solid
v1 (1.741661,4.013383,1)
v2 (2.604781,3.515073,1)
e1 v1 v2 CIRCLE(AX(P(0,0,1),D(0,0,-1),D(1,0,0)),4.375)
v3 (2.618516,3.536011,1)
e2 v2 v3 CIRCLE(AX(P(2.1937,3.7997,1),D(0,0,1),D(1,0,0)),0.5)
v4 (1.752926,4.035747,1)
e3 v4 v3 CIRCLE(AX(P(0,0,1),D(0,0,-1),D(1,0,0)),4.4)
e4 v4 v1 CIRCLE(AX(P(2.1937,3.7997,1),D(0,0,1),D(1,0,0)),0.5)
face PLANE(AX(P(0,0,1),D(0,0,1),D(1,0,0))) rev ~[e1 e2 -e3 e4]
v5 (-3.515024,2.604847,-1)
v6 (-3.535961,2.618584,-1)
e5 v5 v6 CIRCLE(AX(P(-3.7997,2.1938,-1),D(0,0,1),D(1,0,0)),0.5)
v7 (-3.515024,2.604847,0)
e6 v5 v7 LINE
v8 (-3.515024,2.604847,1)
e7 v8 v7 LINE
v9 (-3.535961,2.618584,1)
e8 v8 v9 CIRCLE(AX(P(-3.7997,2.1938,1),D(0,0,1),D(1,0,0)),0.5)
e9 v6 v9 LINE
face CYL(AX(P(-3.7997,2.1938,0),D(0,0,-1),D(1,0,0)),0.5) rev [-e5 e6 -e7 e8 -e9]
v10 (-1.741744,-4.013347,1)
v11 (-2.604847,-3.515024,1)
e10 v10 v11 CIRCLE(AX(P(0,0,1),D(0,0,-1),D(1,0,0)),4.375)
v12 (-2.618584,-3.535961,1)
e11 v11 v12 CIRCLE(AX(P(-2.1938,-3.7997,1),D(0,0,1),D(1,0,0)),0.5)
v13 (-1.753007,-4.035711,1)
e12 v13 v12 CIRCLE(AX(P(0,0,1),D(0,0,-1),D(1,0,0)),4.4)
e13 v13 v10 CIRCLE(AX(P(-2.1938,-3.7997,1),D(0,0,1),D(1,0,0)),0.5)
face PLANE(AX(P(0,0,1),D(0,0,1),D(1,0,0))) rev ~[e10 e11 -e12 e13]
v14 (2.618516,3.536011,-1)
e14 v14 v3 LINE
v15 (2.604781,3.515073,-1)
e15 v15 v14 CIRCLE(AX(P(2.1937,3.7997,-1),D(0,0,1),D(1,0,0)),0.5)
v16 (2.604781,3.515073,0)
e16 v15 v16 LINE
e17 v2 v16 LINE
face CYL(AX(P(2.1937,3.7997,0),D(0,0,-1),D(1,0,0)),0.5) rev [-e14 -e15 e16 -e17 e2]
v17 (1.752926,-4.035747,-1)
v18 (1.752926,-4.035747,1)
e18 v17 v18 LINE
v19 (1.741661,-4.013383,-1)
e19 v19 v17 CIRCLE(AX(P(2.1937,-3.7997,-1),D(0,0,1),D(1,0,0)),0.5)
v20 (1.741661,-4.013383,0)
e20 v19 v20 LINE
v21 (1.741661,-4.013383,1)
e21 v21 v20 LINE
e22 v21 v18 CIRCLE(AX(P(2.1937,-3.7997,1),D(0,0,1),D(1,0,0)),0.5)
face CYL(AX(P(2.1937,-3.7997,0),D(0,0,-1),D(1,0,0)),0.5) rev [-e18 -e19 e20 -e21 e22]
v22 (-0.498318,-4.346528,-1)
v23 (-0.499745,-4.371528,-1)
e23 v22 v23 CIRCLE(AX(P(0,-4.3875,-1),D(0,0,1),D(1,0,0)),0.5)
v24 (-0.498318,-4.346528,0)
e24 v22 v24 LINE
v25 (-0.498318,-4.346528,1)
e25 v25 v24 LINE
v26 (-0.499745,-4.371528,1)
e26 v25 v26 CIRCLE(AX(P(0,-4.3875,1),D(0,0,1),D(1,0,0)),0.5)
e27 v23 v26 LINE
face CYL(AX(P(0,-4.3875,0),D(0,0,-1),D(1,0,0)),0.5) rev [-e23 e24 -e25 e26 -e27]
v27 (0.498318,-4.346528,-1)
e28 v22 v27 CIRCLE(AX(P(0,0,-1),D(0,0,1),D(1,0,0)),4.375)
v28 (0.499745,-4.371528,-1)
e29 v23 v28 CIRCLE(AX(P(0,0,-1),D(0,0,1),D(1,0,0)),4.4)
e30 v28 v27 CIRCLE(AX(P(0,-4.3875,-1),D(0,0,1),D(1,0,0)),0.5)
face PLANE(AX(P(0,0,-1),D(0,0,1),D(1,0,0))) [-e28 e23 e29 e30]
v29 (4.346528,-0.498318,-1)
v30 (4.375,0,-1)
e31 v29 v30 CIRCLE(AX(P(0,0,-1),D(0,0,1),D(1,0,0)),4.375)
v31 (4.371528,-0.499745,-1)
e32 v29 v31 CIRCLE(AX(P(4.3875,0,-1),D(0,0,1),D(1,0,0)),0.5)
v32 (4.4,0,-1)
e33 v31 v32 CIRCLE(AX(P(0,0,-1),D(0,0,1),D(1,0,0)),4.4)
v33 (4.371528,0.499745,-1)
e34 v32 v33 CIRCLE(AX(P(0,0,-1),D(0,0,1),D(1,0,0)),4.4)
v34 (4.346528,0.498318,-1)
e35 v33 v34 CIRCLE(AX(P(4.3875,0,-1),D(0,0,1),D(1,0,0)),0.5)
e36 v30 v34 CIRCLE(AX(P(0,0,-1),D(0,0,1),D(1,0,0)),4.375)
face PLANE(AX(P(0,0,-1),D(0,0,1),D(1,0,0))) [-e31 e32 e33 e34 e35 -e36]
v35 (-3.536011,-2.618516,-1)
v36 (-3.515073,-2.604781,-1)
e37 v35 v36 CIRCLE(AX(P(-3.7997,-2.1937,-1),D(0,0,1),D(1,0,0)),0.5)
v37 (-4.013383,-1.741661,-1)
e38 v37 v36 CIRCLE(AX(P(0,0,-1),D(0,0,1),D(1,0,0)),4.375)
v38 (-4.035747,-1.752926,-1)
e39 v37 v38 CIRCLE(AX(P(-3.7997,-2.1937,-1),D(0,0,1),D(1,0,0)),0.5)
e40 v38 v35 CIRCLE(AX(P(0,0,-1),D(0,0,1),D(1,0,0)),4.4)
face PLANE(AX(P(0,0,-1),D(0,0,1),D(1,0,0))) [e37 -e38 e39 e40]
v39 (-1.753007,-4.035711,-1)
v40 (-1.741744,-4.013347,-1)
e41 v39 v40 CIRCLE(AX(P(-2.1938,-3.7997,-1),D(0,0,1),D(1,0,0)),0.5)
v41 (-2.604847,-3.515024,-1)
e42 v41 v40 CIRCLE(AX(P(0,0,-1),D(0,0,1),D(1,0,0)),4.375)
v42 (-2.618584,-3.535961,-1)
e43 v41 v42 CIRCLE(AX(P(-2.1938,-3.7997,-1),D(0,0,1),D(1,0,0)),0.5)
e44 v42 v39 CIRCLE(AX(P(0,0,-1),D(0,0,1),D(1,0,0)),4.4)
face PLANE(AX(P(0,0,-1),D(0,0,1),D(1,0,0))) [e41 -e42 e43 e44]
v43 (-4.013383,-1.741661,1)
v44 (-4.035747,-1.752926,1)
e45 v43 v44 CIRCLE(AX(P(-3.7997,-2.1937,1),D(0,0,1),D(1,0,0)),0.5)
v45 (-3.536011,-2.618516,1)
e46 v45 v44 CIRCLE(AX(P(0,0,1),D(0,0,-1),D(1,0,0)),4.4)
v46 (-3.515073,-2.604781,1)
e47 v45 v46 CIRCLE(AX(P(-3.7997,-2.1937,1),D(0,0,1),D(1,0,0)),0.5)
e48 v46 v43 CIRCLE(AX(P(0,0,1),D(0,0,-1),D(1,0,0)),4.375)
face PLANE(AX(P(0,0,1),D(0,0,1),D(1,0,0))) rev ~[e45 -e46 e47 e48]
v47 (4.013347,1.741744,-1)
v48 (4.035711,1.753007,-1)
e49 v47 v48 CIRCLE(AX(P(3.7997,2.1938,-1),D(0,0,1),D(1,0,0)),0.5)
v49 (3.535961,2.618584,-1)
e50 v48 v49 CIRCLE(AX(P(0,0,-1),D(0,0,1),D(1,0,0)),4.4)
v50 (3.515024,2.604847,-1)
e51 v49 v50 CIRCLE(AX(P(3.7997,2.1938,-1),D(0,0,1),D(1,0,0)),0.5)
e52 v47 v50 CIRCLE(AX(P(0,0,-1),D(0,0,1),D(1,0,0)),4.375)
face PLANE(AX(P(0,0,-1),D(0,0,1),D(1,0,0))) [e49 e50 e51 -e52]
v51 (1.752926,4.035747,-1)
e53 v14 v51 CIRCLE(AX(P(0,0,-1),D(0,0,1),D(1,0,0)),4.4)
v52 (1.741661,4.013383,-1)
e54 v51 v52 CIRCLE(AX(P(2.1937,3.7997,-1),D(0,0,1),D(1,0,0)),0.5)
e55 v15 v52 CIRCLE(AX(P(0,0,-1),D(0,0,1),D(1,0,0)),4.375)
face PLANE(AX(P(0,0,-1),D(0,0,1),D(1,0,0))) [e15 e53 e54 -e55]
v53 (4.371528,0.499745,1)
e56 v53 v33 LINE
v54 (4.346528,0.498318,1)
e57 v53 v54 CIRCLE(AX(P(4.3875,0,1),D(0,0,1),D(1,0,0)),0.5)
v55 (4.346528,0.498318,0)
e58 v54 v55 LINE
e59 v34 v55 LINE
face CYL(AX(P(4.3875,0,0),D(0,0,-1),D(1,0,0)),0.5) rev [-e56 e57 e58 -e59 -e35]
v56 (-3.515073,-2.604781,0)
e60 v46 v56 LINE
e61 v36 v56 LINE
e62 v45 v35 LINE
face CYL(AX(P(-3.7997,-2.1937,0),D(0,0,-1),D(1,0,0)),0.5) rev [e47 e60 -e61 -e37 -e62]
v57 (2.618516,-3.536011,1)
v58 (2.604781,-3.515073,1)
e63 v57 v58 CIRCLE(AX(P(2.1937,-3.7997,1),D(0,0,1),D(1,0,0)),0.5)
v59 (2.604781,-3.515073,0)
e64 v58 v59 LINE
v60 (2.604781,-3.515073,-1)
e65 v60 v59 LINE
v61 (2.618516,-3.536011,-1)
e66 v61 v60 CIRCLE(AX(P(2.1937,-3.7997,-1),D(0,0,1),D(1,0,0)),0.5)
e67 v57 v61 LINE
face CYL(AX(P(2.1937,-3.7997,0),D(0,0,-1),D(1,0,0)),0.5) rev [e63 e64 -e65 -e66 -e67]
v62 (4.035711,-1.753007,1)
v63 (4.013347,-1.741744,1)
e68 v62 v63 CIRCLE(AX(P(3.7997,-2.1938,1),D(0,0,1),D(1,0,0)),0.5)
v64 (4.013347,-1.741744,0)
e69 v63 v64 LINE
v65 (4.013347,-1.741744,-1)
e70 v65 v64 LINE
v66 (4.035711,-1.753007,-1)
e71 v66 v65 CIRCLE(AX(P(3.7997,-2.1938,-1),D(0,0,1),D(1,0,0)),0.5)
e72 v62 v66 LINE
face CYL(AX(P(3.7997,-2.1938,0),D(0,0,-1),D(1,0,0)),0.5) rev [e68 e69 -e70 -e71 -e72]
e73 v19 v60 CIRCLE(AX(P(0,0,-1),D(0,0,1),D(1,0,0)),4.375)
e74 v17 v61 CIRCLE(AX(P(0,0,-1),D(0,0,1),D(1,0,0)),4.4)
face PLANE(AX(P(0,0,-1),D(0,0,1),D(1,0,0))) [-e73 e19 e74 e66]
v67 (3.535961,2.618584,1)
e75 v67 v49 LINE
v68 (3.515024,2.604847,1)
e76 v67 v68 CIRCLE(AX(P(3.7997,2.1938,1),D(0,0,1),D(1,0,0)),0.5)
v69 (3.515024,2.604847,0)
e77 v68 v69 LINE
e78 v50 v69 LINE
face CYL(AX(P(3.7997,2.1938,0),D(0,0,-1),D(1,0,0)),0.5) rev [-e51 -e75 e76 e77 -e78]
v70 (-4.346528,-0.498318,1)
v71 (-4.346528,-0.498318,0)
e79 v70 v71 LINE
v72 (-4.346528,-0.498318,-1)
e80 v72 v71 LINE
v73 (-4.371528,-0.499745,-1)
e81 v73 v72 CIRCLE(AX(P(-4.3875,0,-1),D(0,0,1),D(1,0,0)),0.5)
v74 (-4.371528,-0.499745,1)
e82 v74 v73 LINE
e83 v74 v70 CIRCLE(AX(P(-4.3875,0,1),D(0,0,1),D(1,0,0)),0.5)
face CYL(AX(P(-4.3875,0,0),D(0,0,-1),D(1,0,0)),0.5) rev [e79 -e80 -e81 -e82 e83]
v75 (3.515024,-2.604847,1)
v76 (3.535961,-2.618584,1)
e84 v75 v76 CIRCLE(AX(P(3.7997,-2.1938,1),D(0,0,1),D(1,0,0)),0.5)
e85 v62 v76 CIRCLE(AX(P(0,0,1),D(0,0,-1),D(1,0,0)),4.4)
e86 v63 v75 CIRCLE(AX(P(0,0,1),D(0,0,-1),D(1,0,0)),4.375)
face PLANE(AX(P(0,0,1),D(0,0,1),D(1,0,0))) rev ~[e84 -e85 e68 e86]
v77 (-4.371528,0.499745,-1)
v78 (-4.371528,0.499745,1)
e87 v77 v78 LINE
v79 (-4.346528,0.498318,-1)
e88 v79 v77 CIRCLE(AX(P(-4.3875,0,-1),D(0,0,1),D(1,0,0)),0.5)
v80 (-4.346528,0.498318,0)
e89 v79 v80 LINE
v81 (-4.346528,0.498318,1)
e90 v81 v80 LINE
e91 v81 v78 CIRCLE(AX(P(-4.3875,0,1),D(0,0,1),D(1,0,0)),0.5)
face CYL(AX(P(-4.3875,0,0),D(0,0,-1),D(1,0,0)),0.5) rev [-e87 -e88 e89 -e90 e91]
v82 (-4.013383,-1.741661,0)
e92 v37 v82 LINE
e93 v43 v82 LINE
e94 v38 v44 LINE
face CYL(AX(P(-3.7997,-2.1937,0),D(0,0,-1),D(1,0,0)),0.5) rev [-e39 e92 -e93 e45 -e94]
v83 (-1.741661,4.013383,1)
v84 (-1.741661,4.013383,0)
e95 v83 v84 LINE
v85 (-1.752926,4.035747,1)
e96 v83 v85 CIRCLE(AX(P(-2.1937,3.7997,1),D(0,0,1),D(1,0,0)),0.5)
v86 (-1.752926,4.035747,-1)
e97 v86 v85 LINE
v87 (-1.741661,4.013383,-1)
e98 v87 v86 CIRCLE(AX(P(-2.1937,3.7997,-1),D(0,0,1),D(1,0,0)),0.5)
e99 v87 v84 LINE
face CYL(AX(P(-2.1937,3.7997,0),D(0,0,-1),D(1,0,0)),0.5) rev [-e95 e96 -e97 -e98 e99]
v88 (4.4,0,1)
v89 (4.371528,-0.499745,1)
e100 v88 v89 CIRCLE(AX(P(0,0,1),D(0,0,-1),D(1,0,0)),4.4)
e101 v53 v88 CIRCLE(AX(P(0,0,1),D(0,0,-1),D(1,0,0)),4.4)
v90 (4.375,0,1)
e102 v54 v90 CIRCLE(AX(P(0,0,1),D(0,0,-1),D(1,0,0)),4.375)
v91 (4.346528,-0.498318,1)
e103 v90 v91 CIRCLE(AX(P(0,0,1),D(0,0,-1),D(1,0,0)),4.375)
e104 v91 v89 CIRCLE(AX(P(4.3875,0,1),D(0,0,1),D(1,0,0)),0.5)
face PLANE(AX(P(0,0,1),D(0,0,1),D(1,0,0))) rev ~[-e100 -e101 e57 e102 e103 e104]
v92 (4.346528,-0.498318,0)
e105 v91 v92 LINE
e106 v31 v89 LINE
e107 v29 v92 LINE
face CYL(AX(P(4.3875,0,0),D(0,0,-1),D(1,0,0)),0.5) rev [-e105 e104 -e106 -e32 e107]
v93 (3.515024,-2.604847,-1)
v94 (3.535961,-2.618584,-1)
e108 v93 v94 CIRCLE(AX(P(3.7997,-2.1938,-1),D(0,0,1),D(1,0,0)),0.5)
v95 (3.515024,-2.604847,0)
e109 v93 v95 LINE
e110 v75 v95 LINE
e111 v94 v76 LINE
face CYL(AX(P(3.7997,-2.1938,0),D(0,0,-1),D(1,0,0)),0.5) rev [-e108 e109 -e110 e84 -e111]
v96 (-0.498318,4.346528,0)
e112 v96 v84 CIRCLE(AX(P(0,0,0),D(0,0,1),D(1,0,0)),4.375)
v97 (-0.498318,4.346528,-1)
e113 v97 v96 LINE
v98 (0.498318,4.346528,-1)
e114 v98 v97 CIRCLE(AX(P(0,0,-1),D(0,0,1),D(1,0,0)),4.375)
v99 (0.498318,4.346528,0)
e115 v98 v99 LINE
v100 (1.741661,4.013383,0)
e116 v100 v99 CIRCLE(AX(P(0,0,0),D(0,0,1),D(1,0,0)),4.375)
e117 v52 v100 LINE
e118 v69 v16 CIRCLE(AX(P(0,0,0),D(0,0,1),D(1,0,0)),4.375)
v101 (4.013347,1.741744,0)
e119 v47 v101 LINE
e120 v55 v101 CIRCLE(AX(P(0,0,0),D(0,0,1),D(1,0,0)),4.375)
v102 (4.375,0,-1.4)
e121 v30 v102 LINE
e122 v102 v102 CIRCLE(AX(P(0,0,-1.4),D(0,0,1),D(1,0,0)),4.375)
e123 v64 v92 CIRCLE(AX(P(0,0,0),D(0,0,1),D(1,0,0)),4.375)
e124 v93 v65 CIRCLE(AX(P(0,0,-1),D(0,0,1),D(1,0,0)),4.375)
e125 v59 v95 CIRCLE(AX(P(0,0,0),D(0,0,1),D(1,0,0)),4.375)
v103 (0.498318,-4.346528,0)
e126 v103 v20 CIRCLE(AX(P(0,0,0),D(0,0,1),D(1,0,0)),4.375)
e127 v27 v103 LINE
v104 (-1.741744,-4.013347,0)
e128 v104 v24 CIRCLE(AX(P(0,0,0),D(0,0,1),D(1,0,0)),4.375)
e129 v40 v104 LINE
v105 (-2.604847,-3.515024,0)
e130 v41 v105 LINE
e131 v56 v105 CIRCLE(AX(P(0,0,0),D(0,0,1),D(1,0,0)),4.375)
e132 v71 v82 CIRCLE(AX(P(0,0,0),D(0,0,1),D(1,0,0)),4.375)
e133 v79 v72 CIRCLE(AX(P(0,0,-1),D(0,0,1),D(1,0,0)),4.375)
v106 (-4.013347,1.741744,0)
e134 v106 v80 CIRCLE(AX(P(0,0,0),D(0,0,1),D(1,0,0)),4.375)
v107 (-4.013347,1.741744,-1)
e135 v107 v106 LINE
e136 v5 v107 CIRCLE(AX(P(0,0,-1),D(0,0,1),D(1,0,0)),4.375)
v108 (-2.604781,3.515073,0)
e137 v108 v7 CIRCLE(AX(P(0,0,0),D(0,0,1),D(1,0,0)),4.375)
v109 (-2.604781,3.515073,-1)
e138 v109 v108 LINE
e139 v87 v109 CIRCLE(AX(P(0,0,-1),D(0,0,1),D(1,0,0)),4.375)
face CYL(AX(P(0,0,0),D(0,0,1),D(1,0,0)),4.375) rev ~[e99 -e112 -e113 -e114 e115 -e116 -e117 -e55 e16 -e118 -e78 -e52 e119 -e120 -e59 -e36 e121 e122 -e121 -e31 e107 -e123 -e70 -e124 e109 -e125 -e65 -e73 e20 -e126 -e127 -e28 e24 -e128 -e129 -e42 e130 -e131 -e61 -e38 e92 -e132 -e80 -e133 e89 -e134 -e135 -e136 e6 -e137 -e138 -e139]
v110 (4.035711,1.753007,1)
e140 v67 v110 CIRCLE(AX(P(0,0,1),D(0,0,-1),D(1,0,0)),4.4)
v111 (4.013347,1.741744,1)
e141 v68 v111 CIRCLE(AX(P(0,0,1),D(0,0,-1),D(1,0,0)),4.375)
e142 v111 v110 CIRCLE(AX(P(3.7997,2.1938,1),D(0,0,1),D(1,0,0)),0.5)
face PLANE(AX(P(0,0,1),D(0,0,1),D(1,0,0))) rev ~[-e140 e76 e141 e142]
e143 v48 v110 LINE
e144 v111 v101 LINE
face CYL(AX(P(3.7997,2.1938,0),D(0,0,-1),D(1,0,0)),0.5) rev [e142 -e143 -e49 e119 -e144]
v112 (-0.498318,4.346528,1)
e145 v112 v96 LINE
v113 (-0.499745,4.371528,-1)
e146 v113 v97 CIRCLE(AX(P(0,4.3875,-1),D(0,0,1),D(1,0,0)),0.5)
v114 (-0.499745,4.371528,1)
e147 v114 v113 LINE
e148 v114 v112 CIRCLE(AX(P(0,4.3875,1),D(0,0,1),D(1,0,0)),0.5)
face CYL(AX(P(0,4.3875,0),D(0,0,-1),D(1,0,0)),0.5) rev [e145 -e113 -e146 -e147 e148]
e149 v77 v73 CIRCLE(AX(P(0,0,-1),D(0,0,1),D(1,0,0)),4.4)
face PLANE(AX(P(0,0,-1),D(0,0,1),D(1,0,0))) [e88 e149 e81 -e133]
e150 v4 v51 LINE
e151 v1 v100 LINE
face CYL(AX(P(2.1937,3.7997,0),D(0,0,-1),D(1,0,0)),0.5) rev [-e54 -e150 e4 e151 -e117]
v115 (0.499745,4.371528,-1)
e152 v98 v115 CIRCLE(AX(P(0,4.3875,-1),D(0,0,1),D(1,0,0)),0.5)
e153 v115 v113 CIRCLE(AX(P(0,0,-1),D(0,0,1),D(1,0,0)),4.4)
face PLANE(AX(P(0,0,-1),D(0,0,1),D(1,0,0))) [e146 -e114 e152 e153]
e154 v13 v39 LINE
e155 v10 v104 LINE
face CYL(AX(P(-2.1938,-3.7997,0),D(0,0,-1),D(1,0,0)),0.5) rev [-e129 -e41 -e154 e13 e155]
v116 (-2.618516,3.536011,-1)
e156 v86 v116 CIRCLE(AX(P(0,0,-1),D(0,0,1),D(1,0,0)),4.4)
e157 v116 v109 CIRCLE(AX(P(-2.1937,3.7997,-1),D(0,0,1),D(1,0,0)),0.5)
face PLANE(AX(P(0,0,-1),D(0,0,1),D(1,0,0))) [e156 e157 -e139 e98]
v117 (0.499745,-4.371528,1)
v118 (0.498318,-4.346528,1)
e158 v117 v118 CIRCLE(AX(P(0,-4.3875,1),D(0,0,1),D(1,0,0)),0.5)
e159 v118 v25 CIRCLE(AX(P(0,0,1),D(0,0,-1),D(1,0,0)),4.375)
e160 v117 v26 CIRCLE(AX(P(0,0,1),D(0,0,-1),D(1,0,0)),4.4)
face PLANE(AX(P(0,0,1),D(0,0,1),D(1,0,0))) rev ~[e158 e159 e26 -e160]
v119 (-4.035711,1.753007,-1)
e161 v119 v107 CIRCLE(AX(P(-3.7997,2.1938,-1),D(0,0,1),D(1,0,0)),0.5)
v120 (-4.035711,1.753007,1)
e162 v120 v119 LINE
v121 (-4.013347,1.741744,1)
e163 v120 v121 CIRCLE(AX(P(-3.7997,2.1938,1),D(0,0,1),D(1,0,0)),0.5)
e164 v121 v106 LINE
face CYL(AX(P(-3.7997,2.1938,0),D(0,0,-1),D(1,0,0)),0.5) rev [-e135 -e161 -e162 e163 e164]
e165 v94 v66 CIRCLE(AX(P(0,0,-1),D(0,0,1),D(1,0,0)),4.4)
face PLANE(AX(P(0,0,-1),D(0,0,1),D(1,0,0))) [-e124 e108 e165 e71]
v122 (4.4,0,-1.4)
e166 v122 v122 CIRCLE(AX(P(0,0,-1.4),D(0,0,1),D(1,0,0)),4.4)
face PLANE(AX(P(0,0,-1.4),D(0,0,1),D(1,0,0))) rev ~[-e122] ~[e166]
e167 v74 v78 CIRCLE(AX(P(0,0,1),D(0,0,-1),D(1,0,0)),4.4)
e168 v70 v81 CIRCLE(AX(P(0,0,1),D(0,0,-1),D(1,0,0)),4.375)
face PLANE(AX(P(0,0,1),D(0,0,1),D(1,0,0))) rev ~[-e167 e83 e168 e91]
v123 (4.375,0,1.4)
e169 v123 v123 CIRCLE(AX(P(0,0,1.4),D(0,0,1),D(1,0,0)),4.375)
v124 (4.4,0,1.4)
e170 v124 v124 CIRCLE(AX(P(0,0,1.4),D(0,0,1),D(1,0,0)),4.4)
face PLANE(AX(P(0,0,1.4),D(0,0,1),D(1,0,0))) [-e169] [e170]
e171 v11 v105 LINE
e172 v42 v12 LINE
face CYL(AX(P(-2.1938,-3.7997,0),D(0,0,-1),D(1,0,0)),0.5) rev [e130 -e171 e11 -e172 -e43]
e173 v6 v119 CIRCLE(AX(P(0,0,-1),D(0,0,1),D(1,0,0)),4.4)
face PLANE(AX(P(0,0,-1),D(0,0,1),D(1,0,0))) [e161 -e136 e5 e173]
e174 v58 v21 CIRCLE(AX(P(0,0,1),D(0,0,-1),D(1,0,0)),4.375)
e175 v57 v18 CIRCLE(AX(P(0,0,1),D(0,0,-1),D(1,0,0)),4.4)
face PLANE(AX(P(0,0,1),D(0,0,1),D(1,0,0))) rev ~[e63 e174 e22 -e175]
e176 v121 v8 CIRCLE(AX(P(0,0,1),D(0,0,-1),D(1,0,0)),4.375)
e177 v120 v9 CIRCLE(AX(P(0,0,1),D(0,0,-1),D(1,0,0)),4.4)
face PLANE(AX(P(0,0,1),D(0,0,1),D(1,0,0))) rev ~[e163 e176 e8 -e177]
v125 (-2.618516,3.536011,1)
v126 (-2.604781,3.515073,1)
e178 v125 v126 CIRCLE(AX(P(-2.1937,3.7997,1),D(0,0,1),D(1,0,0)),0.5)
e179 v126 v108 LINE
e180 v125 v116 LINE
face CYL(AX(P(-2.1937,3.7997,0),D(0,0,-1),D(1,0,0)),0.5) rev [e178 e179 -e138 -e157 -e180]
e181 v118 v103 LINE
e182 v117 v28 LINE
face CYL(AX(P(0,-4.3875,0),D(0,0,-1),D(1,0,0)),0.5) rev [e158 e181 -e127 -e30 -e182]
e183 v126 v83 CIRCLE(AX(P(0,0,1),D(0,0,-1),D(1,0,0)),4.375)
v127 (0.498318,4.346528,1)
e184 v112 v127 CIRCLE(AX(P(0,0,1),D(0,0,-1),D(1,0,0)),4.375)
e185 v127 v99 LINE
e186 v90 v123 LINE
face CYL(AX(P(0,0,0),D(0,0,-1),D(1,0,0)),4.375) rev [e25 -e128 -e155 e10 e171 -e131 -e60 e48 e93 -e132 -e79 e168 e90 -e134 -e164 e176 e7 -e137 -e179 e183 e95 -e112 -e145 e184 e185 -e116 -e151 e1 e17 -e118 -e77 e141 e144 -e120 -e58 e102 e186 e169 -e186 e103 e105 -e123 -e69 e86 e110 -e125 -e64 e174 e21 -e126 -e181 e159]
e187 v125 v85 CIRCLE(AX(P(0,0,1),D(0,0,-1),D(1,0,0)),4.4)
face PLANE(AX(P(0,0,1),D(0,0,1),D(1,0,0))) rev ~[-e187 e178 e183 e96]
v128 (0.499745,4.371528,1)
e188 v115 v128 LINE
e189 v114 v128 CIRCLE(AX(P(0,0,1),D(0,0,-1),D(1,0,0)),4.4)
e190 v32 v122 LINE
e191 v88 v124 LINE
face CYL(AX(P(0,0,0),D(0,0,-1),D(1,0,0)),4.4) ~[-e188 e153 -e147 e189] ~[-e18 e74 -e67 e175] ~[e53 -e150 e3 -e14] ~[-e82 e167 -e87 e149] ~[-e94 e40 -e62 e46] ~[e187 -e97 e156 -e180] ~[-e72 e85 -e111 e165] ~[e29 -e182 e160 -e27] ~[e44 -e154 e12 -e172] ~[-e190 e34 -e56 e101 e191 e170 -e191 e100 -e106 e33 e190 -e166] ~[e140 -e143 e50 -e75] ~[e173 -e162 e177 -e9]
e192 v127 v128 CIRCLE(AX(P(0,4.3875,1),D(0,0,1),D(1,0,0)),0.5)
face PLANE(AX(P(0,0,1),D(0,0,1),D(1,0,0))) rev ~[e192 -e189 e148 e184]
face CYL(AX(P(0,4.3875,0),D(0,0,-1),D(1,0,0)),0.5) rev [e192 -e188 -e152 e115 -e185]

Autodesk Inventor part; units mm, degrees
ref_plane "YZ Plane" through (0, 0, 0) normal (1, 0, 0) x (0, 1, 0)
ref_plane "XZ Plane" through (0, 0, 0) normal (0, 1, 0) x (-1, 0, 0)
sketch "Sketch1" plane through (0, 0, 0) normal (0, 0, 1) x (1, 0, 0)
  circle A0 centre (0, 0) radius 4.375
  circle A1 centre (0, 0) radius 4.4
  dimension "d1" = 8.75
  dimension "d2" = 8.8
extrude "Extrusion1" add sketch "Sketch1" along normal mid plane 2.8
ref_plane "Work Plane1" through (0, 0, 0) normal (0, 0, 1) x (1, 0, 0)
sketch "Sketch2" plane through (0, 0, 0) normal (0, 0, 1) x (1, 0, 0)
  circle A0 centre (0, 4.3875) radius 0.5
  circle A1 centre (-2.1937, 3.7997) radius 0.5
  circle A2 centre (-3.7997, 2.1938) radius 0.5
  circle A3 centre (-4.3875, 0) radius 0.5
  circle A4 centre (-3.7997, -2.1937) radius 0.5
  circle A5 centre (-2.1938, -3.7997) radius 0.5
  circle A6 centre (0, -4.3875) radius 0.5
  circle A7 centre (2.1937, -3.7997) radius 0.5
  circle A8 centre (3.7997, -2.1938) radius 0.5
  circle A9 centre (4.3875, 0) radius 0.5
  circle A10 centre (3.7997, 2.1938) radius 0.5
  circle A11 centre (2.1937, 3.7997) radius 0.5
  point P0 (0, 0)
  dimension "d5" = 1
  dimension "d6" = 4.3875
  dimension "d9" = 360
extrude "Extrusion2" cut sketch "Sketch2" along normal mid plane 2
properties part number "Lock"
